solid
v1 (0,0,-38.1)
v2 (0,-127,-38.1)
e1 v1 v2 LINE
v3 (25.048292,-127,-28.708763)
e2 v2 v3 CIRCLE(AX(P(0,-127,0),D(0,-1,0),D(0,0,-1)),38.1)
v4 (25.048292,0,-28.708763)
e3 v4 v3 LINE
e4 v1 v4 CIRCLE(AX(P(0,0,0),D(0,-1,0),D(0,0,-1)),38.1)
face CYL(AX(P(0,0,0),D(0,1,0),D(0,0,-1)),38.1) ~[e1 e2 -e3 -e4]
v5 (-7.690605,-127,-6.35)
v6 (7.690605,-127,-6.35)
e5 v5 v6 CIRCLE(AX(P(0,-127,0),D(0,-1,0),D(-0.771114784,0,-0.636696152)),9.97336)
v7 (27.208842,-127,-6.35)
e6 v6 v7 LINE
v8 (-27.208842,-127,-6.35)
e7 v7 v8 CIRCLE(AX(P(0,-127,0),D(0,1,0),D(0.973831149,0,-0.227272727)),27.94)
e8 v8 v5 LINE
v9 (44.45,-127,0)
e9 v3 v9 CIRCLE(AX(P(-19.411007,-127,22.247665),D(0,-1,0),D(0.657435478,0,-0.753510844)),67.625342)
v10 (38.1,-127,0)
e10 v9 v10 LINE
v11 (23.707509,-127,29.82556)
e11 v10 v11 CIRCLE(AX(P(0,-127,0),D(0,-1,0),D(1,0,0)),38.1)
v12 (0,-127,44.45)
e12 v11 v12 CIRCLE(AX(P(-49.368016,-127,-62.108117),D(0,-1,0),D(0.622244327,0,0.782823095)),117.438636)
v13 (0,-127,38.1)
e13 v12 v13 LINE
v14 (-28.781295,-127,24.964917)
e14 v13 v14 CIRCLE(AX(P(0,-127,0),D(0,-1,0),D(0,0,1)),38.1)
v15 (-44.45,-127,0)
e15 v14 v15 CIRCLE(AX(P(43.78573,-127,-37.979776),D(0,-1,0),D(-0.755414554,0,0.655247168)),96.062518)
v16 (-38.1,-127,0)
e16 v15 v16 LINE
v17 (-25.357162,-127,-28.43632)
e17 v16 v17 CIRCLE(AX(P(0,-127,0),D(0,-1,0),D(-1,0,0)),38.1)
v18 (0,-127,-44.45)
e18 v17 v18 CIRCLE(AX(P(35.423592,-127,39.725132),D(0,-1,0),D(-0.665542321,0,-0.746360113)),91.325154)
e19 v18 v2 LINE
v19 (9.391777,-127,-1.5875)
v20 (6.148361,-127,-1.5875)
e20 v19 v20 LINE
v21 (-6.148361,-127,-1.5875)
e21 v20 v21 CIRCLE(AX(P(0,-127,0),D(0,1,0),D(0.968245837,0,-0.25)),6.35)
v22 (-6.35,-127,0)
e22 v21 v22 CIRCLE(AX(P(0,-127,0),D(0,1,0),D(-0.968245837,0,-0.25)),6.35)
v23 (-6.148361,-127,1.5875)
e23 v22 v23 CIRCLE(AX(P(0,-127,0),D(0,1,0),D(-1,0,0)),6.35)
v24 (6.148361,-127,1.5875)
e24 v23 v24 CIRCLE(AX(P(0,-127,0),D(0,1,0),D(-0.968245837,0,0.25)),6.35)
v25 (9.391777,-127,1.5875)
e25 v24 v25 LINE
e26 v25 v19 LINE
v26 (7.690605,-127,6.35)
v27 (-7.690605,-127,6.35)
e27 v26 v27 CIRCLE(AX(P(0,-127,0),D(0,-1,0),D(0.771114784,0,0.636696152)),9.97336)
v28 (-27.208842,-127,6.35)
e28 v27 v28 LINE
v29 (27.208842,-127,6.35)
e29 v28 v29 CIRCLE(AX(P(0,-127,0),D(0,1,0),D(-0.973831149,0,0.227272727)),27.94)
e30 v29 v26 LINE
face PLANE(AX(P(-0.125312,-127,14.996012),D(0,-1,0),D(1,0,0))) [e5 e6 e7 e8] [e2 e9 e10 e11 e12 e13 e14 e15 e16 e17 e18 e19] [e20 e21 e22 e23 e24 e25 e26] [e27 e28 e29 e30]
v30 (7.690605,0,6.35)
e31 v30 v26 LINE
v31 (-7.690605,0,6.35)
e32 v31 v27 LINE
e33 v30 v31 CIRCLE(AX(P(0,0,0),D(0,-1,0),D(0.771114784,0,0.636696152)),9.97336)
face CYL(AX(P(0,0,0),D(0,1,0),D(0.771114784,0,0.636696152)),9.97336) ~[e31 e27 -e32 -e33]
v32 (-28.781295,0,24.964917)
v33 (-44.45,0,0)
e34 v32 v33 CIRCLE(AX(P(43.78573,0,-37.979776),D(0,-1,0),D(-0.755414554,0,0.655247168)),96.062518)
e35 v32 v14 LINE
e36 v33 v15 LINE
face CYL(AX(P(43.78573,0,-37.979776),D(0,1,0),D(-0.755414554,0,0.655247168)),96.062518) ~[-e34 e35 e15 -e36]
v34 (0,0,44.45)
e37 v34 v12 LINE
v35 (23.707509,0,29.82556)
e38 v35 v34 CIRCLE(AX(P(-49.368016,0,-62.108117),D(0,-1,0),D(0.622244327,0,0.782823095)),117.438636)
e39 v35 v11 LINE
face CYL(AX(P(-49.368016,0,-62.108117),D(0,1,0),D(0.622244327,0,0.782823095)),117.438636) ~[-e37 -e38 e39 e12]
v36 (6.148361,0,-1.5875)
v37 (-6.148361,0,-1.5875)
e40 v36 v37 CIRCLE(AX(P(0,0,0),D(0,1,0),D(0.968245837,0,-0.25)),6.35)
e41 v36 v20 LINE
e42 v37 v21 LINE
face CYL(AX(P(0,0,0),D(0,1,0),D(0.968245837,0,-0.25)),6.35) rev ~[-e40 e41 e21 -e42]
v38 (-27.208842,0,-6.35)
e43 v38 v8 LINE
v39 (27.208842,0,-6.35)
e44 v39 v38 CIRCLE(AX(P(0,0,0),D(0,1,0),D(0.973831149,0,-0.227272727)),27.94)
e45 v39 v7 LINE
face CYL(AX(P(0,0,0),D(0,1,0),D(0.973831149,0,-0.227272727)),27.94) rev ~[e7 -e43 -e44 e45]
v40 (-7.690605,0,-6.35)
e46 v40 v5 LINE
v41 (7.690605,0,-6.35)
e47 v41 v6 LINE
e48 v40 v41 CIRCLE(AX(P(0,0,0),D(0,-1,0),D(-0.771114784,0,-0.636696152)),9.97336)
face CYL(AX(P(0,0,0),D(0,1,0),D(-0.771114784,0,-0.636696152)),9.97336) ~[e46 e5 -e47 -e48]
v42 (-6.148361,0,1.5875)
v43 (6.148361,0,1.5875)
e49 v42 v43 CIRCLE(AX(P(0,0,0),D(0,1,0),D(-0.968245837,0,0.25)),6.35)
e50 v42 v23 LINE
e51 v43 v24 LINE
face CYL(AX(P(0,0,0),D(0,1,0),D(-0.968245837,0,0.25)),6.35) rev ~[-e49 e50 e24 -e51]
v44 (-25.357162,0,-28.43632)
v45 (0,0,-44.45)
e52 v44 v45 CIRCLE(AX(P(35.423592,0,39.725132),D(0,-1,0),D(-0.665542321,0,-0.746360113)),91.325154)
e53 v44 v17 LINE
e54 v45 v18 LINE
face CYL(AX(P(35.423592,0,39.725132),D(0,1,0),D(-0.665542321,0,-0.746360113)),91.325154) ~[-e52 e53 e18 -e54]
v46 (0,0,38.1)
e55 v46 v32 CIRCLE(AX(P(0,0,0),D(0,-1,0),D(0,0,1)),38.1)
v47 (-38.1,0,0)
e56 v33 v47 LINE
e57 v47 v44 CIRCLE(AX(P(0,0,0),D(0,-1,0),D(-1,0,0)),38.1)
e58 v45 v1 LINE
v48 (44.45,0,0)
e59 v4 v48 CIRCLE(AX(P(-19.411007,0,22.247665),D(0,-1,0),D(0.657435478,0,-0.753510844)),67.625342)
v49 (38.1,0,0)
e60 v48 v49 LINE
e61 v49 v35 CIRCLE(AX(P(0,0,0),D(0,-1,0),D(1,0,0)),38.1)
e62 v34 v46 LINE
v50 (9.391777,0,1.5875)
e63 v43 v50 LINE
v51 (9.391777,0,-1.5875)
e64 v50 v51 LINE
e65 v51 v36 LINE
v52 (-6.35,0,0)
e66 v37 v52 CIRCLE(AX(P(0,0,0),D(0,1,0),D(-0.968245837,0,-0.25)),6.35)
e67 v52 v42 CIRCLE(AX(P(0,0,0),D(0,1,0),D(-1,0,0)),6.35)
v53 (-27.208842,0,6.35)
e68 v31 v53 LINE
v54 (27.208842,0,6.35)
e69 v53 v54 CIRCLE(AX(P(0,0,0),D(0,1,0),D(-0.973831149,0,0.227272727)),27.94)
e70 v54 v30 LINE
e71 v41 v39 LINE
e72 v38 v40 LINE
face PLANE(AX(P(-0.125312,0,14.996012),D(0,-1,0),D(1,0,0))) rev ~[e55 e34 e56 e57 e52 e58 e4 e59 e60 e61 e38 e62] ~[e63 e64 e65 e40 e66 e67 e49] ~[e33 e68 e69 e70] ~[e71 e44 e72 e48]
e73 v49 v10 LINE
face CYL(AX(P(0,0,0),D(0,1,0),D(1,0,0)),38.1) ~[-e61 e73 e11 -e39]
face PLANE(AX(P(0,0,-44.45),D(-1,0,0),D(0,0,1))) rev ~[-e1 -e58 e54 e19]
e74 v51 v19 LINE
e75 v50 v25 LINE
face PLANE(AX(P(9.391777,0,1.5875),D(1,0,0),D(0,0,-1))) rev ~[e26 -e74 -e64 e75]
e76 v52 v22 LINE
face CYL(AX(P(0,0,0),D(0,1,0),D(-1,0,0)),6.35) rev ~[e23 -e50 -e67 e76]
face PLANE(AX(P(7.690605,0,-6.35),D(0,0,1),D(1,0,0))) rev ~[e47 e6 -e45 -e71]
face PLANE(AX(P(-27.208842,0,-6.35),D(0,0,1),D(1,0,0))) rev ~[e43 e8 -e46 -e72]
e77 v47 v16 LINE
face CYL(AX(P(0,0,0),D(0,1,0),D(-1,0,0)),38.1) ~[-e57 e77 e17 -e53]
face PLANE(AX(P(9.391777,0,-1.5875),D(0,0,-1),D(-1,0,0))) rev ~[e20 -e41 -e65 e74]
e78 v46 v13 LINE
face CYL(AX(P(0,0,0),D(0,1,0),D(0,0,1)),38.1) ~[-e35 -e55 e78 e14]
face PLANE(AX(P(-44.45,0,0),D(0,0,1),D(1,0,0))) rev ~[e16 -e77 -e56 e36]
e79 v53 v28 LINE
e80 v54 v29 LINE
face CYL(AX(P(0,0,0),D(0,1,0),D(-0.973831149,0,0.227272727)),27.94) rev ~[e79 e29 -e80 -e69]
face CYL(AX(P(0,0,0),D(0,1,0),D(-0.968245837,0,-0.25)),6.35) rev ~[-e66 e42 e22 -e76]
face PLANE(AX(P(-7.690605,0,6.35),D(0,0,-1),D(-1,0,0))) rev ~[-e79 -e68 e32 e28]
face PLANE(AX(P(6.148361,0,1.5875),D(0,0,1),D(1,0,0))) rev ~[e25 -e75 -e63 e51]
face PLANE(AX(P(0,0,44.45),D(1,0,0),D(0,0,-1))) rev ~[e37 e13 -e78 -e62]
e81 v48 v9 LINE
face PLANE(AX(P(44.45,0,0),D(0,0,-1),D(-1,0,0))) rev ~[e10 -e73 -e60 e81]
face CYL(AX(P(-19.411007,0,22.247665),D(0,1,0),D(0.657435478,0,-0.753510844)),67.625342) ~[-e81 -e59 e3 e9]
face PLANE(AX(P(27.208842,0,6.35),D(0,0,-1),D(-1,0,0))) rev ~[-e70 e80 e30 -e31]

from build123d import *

# Parameters (mm, degrees)
F1_DEPTH = 127


with BuildPart() as f1:
    # F0 (on Front) → F1 (new body)
    with BuildSketch(Plane.XZ):
        with BuildLine():
            Line((9.9733600981, 0), (38.1, 0))
            ThreePointArc((38.1, 0), (34.3137442359, 16.5582896616), (23.7075088443, 29.8255599176))
            ThreePointArc((23.7075088443, 29.8255599176), (12.5550023325, 35.9719601416), (0, 38.1))
            ThreePointArc((0, 38.1), (-15.8184490109, 34.6610252429), (-28.7812945128, 24.9649171071))
            ThreePointArc((-28.7812945128, 24.9649171071), (-35.6943785556, 13.3237134287), (-38.1, 0))
            Line((-38.1, 0), (-9.9733600981, 0))
            ThreePointArc((-9.9733600981, 0), (-9.38533667, 3.3739246044), (-7.6906054148, 6.35))
            Line((-7.6906054148, 6.35), (-27.2088423127, 6.35))
            ThreePointArc((-27.2088423127, 6.35), (0, 27.94), (27.2088423127, 6.35))
            Line((27.2088423127, 6.35), (7.6906054148, 6.35))
            ThreePointArc((7.6906054148, 6.35), (9.38533667, 3.3739246044), (9.9733600981, 0))
        make_face()
        with BuildLine():
            Line((44.45, 0), (38.1, 0))
            ThreePointArc((38.1, 0), (34.6839293822, -15.7681654802), (25.0482917265, -28.7087631497))
            ThreePointArc((25.0482917265, -28.7087631497), (36.6190780289, -15.6181029752), (44.45, 0))
        make_face()
        with BuildLine():
            ThreePointArc((25.0482917265, -28.7087631497), (34.6839293822, -15.7681654802), (38.1, 0))
            Line((38.1, 0), (9.9733600981, 0))
            ThreePointArc((9.9733600981, 0), (9.38533667, -3.3739246044), (7.6906054148, -6.35))
            Line((7.6906054148, -6.35), (27.2088423127, -6.35))
            ThreePointArc((27.2088423127, -6.35), (0, -27.94), (-27.2088423127, -6.35))
            Line((-27.2088423127, -6.35), (-7.6906054148, -6.35))
            ThreePointArc((-7.6906054148, -6.35), (-9.38533667, -3.3739246044), (-9.9733600981, 0))
            Line((-9.9733600981, 0), (-38.1, 0))
            ThreePointArc((-38.1, 0), (-34.7686488709, -15.5804703297), (-25.3571624308, -28.4363203221))
            ThreePointArc((-25.3571624308, -28.4363203221), (-13.5680911651, -35.6022036135), (0, -38.1))
            ThreePointArc((0, -38.1), (13.3754649265, -35.6750184023), (25.0482917265, -28.7087631497))
        make_face()
        with BuildLine():
            ThreePointArc((0, 38.1), (12.5550023325, 35.9719601416), (23.7075088443, 29.8255599176))
            ThreePointArc((23.7075088443, 29.8255599176), (12.2888873877, 37.8431689221), (0, 44.45))
            Line((0, 44.45), (0, 38.1))
        make_face()
        with BuildLine():
            Line((0, -44.45), (0, -38.1))
            ThreePointArc((0, -38.1), (-13.5680911651, -35.6022036135), (-25.3571624308, -28.4363203221))
            ThreePointArc((-25.3571624308, -28.4363203221), (-13.3404167742, -37.491156131), (0, -44.45))
        make_face()
        with BuildLine():
            ThreePointArc((-38.1, 0), (-35.6943785556, 13.3237134287), (-28.7812945128, 24.9649171071))
            ThreePointArc((-28.7812945128, 24.9649171071), (-37.5788399133, 13.0869861794), (-44.45, 0))
            Line((-44.45, 0), (-38.1, 0))
        make_face()
        with BuildLine():
            ThreePointArc((7.6906054148, -6.35), (9.38533667, -3.3739246044), (9.9733600981, 0))
            Line((9.9733600981, 0), (9.3917766557, 0))
            Line((9.3917766557, 0), (9.3917766557, -1.5875))
            Line((9.3917766557, -1.5875), (6.1483610621, -1.5875))
            ThreePointArc((6.1483610621, -1.5875), (0, -6.35), (-6.1483610621, -1.5875))
            Line((-6.1483610621, -1.5875), (-9.3917766557, -1.5875))
            Line((-9.3917766557, -1.5875), (-9.3917766557, 0))
            Line((-9.3917766557, 0), (-9.9733600981, 0))
            ThreePointArc((-9.9733600981, 0), (-9.38533667, -3.3739246044), (-7.6906054148, -6.35))
            ThreePointArc((-7.6906054148, -6.35), (0, -9.9733600981), (7.6906054148, -6.35))
        make_face()
        with BuildLine():
            Line((9.3917766557, 0), (9.9733600981, 0))
            ThreePointArc((9.9733600981, 0), (9.38533667, 3.3739246044), (7.6906054148, 6.35))
            ThreePointArc((7.6906054148, 6.35), (0, 9.9733600981), (-7.6906054148, 6.35))
            ThreePointArc((-7.6906054148, 6.35), (-9.38533667, 3.3739246044), (-9.9733600981, 0))
            Line((-9.9733600981, 0), (-9.3917766557, 0))
            Line((-9.3917766557, 0), (-9.3917766557, 1.5875))
            Line((-9.3917766557, 1.5875), (-6.1483610621, 1.5875))
            ThreePointArc((-6.1483610621, 1.5875), (0, 6.35), (6.1483610621, 1.5875))
            Line((6.1483610621, 1.5875), (9.3917766557, 1.5875))
            Line((9.3917766557, 1.5875), (9.3917766557, 0))
        make_face()
        with BuildLine():
            Line((-9.3917766557, 0), (-6.35, 0))
            ThreePointArc((-6.35, 0), (-6.2993885713, 0.8001272573), (-6.1483610621, 1.5875))
            Line((-6.1483610621, 1.5875), (-9.3917766557, 1.5875))
            Line((-9.3917766557, 1.5875), (-9.3917766557, 0))
        make_face()
        with BuildLine():
            ThreePointArc((-6.1483610621, -1.5875), (-6.2993885713, -0.8001272573), (-6.35, 0))
            Line((-6.35, 0), (-9.3917766557, 0))
            Line((-9.3917766557, 0), (-9.3917766557, -1.5875))
            Line((-9.3917766557, -1.5875), (-6.1483610621, -1.5875))
        make_face()
    extrude(amount=F1_DEPTH)


solid = f1.part
